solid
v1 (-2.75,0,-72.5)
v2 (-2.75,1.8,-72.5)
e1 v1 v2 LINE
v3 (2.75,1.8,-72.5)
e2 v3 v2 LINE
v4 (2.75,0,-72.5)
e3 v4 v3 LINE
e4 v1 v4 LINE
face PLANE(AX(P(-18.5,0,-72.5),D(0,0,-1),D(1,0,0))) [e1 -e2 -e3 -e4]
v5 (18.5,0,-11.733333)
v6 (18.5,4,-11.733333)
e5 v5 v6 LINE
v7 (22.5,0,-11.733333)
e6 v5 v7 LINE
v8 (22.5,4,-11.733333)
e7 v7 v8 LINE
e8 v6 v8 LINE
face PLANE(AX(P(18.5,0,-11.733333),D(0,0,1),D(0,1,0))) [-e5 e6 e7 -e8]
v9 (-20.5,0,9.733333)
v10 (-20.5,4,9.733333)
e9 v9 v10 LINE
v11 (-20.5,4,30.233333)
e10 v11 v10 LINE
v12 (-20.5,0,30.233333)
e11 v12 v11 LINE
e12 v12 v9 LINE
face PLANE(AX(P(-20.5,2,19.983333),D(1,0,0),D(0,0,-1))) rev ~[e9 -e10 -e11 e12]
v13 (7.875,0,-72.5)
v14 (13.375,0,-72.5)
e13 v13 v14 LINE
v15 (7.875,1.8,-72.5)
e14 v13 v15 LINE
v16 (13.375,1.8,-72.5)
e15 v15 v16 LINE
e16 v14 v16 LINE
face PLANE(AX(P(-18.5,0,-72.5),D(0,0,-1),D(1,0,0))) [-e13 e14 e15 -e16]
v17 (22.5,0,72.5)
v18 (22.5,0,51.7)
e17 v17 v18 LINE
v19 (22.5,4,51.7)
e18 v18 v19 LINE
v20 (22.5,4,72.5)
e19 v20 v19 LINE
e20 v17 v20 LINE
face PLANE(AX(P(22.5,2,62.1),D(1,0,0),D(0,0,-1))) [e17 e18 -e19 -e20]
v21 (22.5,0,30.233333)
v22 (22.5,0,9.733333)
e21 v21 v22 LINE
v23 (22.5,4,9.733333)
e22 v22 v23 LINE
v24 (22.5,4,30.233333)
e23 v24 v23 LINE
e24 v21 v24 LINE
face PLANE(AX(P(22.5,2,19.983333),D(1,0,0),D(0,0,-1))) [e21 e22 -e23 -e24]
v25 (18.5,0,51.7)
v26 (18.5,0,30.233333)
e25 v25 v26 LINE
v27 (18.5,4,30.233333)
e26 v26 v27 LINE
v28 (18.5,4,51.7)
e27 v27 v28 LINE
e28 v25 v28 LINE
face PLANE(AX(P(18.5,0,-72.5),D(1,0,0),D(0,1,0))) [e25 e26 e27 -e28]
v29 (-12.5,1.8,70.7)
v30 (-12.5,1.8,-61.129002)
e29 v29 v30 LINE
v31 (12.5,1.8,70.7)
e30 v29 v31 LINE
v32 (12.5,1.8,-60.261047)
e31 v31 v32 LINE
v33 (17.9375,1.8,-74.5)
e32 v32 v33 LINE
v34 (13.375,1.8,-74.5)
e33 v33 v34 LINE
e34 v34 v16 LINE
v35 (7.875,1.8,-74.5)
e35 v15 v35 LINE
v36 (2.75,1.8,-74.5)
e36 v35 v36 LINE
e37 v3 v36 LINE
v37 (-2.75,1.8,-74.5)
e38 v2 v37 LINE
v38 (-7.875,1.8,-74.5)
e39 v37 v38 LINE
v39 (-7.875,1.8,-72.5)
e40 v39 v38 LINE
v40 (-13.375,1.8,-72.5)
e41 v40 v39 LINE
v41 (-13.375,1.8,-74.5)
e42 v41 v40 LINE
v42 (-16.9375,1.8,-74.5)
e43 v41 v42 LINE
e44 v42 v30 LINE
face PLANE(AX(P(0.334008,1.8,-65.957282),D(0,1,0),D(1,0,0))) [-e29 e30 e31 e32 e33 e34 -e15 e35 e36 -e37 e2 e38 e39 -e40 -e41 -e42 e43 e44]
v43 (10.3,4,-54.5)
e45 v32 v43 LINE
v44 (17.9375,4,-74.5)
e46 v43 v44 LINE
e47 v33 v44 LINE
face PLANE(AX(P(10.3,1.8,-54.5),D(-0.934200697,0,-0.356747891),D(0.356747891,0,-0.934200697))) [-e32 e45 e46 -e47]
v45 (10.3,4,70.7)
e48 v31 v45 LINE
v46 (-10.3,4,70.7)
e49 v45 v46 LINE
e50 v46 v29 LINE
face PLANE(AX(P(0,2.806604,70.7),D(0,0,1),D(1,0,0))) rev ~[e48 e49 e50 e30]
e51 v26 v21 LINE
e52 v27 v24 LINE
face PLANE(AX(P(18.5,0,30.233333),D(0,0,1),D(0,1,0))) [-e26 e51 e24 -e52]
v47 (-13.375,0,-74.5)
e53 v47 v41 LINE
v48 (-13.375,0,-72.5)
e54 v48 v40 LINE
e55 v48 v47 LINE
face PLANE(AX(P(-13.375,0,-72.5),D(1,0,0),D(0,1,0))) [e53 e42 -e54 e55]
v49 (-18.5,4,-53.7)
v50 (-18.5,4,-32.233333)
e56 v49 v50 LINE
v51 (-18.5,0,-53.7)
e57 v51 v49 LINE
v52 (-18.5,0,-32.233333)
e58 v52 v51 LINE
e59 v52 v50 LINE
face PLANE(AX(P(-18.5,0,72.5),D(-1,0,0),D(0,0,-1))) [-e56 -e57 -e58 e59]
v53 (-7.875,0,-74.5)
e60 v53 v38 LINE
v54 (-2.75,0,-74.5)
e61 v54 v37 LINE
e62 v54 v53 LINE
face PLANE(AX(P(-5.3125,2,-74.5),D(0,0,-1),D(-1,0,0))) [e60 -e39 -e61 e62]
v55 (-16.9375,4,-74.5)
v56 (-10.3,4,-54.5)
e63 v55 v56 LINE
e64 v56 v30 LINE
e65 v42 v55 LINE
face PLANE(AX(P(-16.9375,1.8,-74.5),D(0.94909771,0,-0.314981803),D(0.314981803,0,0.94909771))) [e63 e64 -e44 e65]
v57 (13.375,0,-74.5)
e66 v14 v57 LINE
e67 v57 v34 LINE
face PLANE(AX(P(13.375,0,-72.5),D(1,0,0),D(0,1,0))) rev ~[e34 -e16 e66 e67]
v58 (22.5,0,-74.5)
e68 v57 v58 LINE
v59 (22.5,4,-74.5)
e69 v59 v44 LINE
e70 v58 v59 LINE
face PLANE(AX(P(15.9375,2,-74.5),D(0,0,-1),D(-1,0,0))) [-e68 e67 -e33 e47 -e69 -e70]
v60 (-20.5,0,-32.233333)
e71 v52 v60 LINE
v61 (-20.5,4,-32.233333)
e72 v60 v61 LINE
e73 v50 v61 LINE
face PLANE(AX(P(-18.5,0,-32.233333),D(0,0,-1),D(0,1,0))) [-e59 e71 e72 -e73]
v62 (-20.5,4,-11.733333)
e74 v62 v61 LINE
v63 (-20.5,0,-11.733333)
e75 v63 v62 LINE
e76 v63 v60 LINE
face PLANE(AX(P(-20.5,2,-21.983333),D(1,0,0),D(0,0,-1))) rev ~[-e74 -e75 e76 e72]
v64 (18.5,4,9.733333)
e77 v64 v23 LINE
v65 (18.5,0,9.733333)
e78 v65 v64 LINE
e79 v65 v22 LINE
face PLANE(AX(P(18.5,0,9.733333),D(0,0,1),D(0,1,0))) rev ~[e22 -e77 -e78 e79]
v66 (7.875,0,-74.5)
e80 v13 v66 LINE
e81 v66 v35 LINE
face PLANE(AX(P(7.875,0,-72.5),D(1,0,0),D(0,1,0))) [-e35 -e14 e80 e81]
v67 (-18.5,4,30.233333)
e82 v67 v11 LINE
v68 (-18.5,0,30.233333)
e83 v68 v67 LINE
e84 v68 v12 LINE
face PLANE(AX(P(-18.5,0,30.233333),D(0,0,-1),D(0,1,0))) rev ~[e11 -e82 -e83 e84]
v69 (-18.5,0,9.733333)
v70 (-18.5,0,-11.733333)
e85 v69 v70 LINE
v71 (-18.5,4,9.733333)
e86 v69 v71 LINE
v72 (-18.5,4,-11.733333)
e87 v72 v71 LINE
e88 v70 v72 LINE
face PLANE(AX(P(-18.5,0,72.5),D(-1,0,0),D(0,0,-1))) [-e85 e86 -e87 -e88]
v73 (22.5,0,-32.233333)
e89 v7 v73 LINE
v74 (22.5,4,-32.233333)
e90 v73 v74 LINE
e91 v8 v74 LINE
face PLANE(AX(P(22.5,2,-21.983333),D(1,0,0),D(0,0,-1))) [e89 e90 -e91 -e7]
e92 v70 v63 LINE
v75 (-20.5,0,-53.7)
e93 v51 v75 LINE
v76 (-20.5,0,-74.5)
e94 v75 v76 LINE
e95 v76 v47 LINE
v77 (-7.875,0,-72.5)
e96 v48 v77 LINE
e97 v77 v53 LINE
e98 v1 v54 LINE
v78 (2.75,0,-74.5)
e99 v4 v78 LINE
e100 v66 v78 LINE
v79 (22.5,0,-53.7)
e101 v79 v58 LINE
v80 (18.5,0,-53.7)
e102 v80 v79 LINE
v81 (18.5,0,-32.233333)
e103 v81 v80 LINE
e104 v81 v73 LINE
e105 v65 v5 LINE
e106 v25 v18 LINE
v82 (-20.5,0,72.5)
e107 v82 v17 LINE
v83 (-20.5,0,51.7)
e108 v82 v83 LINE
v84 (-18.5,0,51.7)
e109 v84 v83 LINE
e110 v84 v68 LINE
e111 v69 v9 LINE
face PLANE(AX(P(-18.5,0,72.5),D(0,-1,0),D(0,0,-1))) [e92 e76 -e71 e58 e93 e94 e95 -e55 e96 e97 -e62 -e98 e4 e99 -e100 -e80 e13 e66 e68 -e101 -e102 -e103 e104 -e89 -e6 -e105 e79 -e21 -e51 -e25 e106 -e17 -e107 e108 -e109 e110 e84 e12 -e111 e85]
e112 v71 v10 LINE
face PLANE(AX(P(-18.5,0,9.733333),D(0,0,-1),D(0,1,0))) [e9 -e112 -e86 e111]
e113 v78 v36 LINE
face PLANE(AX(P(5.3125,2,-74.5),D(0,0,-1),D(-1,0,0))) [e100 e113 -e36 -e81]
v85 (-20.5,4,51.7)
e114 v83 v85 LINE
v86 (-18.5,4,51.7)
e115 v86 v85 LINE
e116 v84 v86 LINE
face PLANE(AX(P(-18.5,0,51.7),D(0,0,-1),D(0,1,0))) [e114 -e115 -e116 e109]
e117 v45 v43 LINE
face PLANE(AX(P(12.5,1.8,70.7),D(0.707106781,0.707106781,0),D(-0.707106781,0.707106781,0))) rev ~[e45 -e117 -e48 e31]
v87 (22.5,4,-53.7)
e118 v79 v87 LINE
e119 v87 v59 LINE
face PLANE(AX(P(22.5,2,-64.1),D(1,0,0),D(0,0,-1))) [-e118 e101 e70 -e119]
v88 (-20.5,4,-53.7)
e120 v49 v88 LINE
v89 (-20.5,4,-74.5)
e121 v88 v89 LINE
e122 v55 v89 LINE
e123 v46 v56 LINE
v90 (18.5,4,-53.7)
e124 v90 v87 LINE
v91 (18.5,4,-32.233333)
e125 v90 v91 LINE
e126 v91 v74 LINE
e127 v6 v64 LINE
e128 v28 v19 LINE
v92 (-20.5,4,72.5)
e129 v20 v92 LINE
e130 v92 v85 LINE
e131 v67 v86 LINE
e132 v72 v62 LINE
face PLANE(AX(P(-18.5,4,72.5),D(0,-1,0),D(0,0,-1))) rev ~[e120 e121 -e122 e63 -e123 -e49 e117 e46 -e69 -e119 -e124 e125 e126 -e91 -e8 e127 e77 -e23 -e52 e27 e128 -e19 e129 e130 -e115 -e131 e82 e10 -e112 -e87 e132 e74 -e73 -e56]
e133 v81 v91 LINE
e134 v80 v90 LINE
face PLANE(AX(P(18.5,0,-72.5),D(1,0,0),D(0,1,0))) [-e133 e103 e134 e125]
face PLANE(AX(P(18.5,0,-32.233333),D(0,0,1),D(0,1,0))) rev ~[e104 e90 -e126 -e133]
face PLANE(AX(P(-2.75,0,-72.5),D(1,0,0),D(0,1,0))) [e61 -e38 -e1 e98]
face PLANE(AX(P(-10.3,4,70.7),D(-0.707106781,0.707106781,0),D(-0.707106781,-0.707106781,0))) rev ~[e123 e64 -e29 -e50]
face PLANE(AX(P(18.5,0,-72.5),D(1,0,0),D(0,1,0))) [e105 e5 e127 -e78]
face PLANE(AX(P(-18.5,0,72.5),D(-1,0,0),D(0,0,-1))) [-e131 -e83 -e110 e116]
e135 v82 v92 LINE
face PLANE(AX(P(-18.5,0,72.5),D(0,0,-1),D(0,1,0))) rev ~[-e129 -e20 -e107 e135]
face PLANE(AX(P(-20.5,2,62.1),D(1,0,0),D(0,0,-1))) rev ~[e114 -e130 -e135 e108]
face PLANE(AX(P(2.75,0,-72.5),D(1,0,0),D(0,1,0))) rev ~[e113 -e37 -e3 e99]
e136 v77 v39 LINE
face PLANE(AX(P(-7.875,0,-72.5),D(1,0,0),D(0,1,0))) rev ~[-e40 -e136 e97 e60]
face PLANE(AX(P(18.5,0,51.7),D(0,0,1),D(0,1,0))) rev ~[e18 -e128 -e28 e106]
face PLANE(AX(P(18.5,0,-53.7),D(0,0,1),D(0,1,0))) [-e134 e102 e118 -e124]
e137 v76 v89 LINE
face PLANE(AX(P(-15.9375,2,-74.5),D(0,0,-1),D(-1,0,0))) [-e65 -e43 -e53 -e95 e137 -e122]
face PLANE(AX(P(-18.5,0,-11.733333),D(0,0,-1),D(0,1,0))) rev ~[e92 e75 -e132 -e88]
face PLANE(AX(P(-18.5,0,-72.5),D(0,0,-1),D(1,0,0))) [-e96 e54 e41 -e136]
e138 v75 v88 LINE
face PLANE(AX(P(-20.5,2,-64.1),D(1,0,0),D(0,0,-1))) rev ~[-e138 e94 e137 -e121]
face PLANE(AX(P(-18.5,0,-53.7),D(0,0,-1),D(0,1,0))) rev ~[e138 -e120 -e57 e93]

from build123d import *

# Parameters (mm, degrees)
SKETCH_4_W          = 37
SKETCH_4_H          = 145
EXTRUDE_1_DEPTH     = 4
SKETCH_5_W          = 5.125
SKETCH_5_H          = 4
EXTRUDE_2_DEPTH     = 2
SKETCH_7_W          = 20.8
SKETCH_7_H          = 4
SKETCH_7_W_2        = 20.5
EXTRUDE_3_DEPTH     = 4
EXTRUDE_START       = -37
SKETCH_7_2_W        = 20.8
SKETCH_7_2_H        = 4
SKETCH_7_2_W_2      = 20.5
EXTRUDE_4_DEPTH     = 2
CUT_EXTRUDE_START   = -1.8
CUT_EXTRUDE_1_DEPTH = 147.965755468
CUT_EXTRUDE_2_DEPTH = 78.854608085


with BuildPart() as part:
    # 草图4 → 凸台-拉伸1 (new body)
    with BuildSketch(Plane(origin=(0, 0, 0), x_dir=(1, 0, 0), z_dir=(0, 1, 0))):
        Rectangle(SKETCH_4_W, SKETCH_4_H)
    extrude(amount=EXTRUDE_1_DEPTH)

    # 草图5 → 凸台-拉伸2 (add)
    with BuildSketch(Plane(origin=(0, 0, -72.5), x_dir=(-1, 0, 0), z_dir=(0, 0, -1))):
        with Locations((-15.9375, 2)):
            Rectangle(SKETCH_5_W, SKETCH_5_H)
        with Locations((-5.3125, 2)):
            Rectangle(SKETCH_5_W, SKETCH_5_H)
        with Locations((5.3125, 2)):
            Rectangle(SKETCH_5_W, SKETCH_5_H)
        with Locations((15.9375, 2)):
            Rectangle(SKETCH_5_W, SKETCH_5_H)
    extrude(amount=EXTRUDE_2_DEPTH)

    # 草图7 → 凸台-拉伸3 (add)
    with BuildSketch(Plane(origin=(18.5, 0, 0), x_dir=(0, 0, -1), z_dir=(1, 0, 0))):
        with Locations((-62.1, 2)):
            Rectangle(SKETCH_7_W, SKETCH_7_H)
        with Locations((-19.983333333, 2)):
            Rectangle(SKETCH_7_W_2, SKETCH_7_H)
        with Locations((21.983333333, 2)):
            Rectangle(SKETCH_7_W_2, SKETCH_7_H)
        with Locations((64.1, 2)):
            Rectangle(SKETCH_7_W, SKETCH_7_H)
    extrude(amount=EXTRUDE_3_DEPTH)

    # 草图7<2> → 凸台-拉伸4 (add)
    with BuildSketch(Plane(origin=(18.5, 0, 0), x_dir=(0, 0, -1), z_dir=(1, 0, 0)).offset(EXTRUDE_START)):
        with Locations((-62.1, 2)):
            Rectangle(SKETCH_7_2_W, SKETCH_7_2_H)
        with Locations((-19.983333333, 2)):
            Rectangle(SKETCH_7_2_W_2, SKETCH_7_2_H)
        with Locations((21.983333333, 2)):
            Rectangle(SKETCH_7_2_W_2, SKETCH_7_2_H)
        with Locations((64.1, 2)):
            Rectangle(SKETCH_7_2_W, SKETCH_7_2_H)
    extrude(amount=-EXTRUDE_4_DEPTH)

    # 草图8 → 切除-拉伸1 (cut, through all)
    with BuildSketch(Plane.XY.offset(72.5).offset(CUT_EXTRUDE_START)):
        Polygon((10.3, 4), (-10.3, 4), (-12.5, 1.8), (-10.3, 1.8), (10.3, 1.8), (12.5, 1.8), align=None)
    extrude(amount=-CUT_EXTRUDE_1_DEPTH, mode=Mode.SUBTRACT)

    # 草图9 → 切除-拉伸2 (cut, through all)
    with BuildSketch(Plane(origin=(0, 1.8, 0), x_dir=(1, 0, 0), z_dir=(0, 1, 0))):
        Polygon((-16.9375, 74.5), (-10.3, 54.5), (10.3, 54.5), (17.9375, 74.5), align=None)
    extrude(amount=CUT_EXTRUDE_2_DEPTH, mode=Mode.SUBTRACT)


solid = part.part
